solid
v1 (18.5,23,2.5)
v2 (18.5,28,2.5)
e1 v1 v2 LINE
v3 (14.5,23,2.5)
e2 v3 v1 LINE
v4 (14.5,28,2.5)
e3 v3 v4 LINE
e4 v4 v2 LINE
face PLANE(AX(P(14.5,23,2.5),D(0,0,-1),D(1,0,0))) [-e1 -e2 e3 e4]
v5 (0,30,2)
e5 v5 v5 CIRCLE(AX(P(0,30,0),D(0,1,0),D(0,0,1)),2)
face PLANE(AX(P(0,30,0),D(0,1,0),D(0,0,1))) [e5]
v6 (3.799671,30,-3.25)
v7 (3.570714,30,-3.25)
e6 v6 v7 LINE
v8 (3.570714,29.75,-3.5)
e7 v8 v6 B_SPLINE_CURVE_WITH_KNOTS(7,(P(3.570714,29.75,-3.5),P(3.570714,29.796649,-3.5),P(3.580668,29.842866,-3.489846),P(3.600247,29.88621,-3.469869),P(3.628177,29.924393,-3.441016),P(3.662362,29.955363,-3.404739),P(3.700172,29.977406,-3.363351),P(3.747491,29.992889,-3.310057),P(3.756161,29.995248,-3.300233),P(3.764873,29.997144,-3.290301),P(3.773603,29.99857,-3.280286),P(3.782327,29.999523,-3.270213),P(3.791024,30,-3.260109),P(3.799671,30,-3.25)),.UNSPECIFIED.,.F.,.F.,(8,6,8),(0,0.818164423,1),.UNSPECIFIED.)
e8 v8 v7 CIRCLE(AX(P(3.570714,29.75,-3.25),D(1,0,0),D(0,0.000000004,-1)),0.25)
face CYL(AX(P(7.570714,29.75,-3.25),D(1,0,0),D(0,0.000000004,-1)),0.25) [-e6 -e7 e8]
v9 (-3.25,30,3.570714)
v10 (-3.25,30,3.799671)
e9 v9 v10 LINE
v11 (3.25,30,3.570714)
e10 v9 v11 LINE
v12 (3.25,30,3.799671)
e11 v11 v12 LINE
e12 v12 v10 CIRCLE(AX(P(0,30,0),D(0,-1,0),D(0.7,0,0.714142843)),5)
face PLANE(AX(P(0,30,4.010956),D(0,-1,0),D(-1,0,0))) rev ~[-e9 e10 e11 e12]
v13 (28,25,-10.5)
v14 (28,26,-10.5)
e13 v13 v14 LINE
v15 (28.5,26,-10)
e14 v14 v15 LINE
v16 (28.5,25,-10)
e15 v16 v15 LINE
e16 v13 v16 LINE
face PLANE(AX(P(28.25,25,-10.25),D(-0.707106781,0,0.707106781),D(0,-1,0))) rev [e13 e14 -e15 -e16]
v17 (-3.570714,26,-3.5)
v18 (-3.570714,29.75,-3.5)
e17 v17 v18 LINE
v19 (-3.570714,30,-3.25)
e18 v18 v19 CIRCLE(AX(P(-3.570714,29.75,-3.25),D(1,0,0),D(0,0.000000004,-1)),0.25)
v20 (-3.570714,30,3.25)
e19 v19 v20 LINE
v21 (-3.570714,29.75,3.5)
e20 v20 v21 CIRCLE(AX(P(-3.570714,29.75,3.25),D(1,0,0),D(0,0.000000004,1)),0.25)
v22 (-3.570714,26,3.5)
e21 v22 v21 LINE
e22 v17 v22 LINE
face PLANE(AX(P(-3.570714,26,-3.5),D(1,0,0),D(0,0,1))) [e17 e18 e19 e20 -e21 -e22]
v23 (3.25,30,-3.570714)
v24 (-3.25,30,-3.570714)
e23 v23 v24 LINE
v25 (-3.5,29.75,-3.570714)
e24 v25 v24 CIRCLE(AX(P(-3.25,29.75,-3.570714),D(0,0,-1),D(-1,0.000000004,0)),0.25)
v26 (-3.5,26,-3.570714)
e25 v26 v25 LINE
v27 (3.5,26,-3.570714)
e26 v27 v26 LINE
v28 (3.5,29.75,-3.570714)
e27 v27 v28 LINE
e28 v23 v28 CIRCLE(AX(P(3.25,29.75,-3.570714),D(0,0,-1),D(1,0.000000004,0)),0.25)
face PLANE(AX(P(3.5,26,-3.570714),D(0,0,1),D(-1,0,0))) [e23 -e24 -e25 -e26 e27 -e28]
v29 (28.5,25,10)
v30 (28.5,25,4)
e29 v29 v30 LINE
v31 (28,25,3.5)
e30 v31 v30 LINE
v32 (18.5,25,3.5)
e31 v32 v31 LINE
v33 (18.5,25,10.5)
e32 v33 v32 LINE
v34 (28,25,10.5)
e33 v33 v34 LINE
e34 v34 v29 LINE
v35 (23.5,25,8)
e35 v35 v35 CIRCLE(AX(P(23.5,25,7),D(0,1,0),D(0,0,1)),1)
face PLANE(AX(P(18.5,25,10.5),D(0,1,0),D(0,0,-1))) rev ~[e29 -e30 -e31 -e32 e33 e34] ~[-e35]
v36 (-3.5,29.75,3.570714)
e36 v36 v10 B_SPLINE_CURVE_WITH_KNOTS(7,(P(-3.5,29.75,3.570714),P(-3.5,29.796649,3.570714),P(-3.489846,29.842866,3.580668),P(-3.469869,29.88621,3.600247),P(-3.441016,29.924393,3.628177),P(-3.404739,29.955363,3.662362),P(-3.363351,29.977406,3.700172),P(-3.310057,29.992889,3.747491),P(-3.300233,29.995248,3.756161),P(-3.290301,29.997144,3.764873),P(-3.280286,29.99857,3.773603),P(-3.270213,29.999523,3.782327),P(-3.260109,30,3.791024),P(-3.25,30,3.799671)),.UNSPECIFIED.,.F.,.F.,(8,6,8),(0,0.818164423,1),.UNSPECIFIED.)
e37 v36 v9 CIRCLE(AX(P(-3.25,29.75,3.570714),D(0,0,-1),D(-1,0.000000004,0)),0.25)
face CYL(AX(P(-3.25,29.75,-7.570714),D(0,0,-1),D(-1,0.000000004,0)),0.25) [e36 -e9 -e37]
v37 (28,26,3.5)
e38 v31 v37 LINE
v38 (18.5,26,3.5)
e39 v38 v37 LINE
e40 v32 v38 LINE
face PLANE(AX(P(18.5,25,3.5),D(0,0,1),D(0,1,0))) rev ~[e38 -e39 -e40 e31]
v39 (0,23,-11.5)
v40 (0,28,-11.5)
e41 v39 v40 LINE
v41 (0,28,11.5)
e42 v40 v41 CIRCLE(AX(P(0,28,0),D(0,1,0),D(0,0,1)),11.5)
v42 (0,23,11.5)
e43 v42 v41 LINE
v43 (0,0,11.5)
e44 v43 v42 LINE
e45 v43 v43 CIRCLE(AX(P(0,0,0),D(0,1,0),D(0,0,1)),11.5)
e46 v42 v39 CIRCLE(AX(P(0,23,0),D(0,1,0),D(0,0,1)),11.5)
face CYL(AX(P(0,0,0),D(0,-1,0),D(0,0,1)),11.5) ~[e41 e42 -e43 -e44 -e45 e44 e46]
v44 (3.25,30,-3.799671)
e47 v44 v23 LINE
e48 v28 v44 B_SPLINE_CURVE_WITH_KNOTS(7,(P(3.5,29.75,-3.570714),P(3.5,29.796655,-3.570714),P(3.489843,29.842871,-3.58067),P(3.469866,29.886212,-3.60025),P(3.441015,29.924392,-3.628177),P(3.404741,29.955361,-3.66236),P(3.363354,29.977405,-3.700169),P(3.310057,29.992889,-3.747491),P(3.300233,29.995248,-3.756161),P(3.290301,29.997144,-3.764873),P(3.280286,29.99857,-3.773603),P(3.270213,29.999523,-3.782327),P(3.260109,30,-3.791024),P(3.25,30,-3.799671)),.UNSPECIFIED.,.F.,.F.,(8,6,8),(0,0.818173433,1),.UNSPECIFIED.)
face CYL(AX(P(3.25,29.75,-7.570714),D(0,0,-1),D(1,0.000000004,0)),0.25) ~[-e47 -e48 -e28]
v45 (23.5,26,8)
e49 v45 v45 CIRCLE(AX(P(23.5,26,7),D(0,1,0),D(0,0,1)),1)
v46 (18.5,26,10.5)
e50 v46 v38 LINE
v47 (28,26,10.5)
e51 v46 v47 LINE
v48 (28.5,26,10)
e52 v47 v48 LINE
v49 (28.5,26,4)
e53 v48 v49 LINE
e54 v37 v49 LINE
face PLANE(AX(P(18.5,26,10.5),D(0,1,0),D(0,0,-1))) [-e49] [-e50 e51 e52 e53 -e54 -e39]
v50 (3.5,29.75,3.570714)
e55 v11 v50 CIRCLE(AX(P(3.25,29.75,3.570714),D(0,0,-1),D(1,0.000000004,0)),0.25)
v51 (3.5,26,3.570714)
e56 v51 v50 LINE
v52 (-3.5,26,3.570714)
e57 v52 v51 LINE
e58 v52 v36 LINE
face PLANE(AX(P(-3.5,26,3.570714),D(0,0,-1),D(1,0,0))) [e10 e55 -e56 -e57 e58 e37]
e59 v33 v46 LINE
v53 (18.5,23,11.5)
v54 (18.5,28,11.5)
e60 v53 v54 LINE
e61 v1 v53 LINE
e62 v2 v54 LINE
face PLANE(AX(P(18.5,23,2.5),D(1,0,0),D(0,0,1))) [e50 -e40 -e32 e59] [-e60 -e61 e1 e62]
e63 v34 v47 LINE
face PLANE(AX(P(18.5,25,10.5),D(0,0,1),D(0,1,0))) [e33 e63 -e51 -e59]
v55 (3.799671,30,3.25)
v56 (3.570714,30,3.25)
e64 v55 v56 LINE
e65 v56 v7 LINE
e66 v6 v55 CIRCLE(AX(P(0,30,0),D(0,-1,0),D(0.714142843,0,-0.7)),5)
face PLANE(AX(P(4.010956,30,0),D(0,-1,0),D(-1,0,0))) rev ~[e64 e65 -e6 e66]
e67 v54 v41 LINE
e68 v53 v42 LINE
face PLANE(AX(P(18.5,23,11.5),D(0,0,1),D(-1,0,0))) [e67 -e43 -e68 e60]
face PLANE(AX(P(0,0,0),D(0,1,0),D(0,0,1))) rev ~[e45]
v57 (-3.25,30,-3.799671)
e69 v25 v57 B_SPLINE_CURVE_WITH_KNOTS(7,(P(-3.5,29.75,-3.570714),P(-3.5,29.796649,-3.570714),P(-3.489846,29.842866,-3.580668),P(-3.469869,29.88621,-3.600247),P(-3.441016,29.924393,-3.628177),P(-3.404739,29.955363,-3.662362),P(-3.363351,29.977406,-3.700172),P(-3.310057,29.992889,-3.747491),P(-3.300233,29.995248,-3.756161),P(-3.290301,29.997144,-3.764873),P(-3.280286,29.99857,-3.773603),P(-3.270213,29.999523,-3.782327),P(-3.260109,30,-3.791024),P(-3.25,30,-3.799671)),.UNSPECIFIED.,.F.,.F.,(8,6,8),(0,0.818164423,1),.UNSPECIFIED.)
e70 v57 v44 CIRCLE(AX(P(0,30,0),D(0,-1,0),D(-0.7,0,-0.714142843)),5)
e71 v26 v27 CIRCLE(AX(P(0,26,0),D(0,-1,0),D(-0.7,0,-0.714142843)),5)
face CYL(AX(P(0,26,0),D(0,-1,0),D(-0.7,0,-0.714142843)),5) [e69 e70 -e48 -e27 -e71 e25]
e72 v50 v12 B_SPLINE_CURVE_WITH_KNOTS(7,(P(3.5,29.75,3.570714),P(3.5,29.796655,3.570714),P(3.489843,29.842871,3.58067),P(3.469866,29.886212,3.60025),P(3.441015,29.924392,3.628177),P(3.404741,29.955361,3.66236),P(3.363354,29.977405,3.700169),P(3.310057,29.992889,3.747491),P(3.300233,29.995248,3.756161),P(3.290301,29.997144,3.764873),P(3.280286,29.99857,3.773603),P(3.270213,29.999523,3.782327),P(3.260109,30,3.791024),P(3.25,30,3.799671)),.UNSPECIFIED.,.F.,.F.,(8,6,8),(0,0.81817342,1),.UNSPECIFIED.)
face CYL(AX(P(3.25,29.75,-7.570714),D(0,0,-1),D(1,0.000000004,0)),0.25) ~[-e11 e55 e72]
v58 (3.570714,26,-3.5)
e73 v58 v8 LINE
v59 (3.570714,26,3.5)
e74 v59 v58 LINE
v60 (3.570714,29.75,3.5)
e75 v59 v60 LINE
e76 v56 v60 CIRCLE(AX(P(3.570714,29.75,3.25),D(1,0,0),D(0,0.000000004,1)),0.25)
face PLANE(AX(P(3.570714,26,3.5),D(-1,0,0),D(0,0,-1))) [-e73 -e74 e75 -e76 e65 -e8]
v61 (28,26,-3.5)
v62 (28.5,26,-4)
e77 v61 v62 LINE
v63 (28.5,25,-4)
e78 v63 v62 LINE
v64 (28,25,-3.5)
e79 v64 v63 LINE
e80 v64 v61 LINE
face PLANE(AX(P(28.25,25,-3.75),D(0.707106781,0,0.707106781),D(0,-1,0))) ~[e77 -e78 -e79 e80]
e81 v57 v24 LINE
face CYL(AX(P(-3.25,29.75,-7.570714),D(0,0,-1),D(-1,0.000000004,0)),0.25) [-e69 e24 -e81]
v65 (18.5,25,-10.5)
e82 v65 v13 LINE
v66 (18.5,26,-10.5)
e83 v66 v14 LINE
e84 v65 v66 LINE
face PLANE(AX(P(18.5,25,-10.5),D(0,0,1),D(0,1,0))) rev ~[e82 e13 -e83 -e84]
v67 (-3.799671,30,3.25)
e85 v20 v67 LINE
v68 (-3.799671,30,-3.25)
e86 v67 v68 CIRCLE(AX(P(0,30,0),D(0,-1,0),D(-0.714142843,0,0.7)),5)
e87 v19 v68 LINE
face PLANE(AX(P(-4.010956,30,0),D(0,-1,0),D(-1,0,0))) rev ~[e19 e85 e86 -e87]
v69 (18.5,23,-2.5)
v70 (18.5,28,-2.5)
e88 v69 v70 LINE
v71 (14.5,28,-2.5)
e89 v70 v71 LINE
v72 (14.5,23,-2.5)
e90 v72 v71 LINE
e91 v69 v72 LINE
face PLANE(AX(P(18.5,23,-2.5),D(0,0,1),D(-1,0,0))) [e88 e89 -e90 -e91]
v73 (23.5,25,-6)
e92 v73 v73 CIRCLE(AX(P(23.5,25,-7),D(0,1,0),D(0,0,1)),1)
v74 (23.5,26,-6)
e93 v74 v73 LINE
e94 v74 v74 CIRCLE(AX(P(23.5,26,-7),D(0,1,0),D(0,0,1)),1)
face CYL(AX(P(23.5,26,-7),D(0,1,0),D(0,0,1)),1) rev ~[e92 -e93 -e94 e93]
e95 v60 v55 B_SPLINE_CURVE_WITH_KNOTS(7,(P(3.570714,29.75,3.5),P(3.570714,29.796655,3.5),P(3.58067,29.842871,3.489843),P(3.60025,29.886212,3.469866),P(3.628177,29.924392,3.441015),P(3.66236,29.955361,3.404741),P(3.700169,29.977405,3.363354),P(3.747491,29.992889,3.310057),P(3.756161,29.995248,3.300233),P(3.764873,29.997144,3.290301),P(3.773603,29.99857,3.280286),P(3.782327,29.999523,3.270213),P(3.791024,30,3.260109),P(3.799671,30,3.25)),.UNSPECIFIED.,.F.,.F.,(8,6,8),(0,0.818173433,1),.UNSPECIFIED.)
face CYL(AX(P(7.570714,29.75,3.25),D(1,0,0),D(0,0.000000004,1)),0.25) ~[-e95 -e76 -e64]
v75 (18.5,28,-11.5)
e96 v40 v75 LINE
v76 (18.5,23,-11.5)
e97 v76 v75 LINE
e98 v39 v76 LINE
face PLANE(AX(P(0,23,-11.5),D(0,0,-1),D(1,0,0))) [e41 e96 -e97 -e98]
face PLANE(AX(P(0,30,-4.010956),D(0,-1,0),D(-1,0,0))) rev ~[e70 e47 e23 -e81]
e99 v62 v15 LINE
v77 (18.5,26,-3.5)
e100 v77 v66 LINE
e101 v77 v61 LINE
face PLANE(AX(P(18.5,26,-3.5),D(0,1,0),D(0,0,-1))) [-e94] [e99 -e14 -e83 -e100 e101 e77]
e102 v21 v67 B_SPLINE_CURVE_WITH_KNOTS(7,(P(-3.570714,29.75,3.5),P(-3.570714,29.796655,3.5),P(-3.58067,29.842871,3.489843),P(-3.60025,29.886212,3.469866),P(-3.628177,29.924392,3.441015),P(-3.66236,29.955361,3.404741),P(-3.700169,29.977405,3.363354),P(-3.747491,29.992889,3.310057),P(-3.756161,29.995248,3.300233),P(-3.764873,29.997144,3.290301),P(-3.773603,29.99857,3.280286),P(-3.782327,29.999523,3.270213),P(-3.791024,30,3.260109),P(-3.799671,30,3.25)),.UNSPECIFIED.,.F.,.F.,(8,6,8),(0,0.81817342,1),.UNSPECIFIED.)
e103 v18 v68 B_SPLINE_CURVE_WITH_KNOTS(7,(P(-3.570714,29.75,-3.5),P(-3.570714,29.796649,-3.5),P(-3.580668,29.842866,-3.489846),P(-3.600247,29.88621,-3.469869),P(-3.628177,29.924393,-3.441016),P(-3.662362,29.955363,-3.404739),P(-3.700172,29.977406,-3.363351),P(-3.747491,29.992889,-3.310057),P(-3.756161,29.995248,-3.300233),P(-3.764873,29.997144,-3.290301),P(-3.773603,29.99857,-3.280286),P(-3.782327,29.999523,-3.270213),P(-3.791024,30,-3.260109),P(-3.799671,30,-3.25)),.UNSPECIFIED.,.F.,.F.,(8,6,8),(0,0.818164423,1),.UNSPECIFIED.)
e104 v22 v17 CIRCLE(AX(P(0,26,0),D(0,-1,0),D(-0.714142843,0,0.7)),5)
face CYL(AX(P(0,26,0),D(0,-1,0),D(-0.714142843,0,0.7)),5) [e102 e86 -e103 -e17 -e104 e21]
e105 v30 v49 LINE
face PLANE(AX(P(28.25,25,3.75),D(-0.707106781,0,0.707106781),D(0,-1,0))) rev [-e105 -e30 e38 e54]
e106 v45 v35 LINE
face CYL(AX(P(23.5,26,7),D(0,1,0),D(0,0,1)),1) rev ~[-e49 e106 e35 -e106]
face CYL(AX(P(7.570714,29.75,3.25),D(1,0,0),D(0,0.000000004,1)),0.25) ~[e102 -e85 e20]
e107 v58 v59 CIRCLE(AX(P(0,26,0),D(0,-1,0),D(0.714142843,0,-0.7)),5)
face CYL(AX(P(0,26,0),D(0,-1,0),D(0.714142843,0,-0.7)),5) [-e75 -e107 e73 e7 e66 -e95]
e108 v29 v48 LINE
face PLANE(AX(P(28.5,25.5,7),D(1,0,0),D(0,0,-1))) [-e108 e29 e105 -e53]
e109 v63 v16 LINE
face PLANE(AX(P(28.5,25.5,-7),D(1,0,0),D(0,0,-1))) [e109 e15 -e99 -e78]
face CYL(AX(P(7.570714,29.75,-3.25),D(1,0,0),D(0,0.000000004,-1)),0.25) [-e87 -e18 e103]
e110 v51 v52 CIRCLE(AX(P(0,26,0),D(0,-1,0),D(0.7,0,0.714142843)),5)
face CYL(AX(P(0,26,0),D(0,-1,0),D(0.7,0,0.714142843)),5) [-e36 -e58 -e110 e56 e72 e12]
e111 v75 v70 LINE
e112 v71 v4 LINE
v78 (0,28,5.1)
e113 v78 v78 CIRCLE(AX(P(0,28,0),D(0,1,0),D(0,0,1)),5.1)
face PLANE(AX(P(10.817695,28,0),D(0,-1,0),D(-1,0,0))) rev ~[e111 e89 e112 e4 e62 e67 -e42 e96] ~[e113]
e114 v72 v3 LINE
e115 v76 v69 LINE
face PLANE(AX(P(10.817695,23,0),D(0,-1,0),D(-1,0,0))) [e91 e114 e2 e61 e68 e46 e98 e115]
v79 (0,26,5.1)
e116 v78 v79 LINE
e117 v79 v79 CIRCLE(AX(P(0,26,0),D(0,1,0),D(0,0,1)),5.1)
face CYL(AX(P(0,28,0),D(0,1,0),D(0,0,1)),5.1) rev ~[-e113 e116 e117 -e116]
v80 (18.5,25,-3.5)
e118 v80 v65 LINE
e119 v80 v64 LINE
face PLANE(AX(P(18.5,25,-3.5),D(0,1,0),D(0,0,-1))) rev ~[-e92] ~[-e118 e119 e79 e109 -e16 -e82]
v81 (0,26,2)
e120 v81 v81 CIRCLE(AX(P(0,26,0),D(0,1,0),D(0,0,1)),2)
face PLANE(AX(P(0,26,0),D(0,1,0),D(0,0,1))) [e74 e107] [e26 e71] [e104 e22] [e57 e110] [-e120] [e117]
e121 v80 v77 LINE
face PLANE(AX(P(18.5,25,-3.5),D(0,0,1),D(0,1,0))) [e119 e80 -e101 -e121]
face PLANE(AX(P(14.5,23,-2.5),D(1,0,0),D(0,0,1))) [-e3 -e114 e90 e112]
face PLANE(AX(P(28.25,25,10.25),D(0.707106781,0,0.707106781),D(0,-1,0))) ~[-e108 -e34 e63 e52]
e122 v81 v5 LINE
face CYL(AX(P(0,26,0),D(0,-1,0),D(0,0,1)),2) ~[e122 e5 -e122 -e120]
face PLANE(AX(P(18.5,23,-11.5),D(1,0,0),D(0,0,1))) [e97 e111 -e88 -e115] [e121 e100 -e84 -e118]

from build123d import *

# Parameters (mm, degrees)
SKETCH_1_R               = 11.5
EXTRUDE_1_DEPTH          = 28
EXTRUDE_START            = -5
EXTRUDE_2_DEPTH          = 5
SKETCH_3_W               = 7
SKETCH_3_H               = 1
EXTRUDE_3_DEPTH          = 10
CHAMFER_1_SIZE           = 0.5
SKETCH_4_R               = 1
CUT_EXTRUDE_1_DEPTH      = 9
SKETCH_5_R               = 5.1
CUT_EXTRUDE_3_DEPTH      = 2
SKETCH_7_R               = 2
EXTRUDE_5_DEPTH          = 4
CUT_EXTRUDE_4_DEPTH      = 24
CUT_EXTRUDE_4_DEPTH_BACK = 4
CUT_EXTRUDE_5_DEPTH      = 24
CUT_EXTRUDE_5_DEPTH_BACK = 4


with BuildPart() as part:
    # Эскиз1 → Бобышка-Вытянуть1 (new body)
    with BuildSketch(Plane(origin=(0, 0, 0), x_dir=(1, 0, 0), z_dir=(0, 1, 0))):
        with Locations(Location((0, 0, 0), (0, 0, 270))):
            Circle(SKETCH_1_R)
    extrude(amount=EXTRUDE_1_DEPTH)

    # Эскиз2 → Бобышка-Вытянуть2 (add)
    with BuildSketch(Plane(origin=(0, 28, 0), x_dir=(1, 0, 0), z_dir=(0, 1, 0)).offset(EXTRUDE_START)):
        with BuildLine():
            Line((0, 11.5), (18.5, 11.5))
            Line((18.5, 11.5), (18.5, 2.5))
            Line((18.5, 2.5), (14.5, 2.5))
            Line((14.5, 2.5), (14.5, -2.5))
            Line((14.5, -2.5), (18.5, -2.5))
            Line((18.5, -2.5), (18.5, -11.5))
            Line((18.5, -11.5), (0, -11.5))
            ThreePointArc((0, -11.5), (11.5, 0), (0, 11.5))
        make_face()
    extrude(amount=EXTRUDE_2_DEPTH)

    # Эскиз3 → Бобышка-Вытянуть3 (add)
    with BuildSketch(Plane(origin=(18.5, 0, 0), x_dir=(0, 0, -1), z_dir=(1, 0, 0))):
        with Locations((-7, 25.5)):
            Rectangle(SKETCH_3_W, SKETCH_3_H)
        with Locations((7, 25.5)):
            Rectangle(SKETCH_3_W, SKETCH_3_H)
    extrude(amount=EXTRUDE_3_DEPTH)

    # Фаска1
    chamfer_1_edges = [part.edges().sort_by_distance(p)[0] for p in [
        (28.5, 25.5, 10.5),
        (28.5, 25.5, 3.5),
        (28.5, 25.5, -10.5),
        (28.5, 25.5, -3.5),
    ]]
    chamfer(chamfer_1_edges, length=CHAMFER_1_SIZE)

    # Эскиз4 → Вырез-Вытянуть1 (cut)
    with BuildSketch(Plane(origin=(0, 26, 0), x_dir=(1, 0, 0), z_dir=(0, 1, 0))):
        with Locations(Location((23.5, -7, 0), (0, 0, 270))):
            Circle(SKETCH_4_R)
        with Locations(Location((23.5, 7, 0), (0, 0, 270))):
            Circle(SKETCH_4_R)
    extrude(amount=-CUT_EXTRUDE_1_DEPTH, mode=Mode.SUBTRACT)

    # Эскиз5 → Вырез-Вытянуть3 (cut)
    with BuildSketch(Plane(origin=(0, 28, 0), x_dir=(1, 0, 0), z_dir=(0, 1, 0))):
        with Locations(Location((0, 0, 0), (0, 0, 270))):
            Circle(SKETCH_5_R)
    extrude(amount=-CUT_EXTRUDE_3_DEPTH, mode=Mode.SUBTRACT)

    # Эскиз7 → Бобышка-Вытянуть5 (add)
    with BuildSketch(Plane(origin=(0, 26, 0), x_dir=(1, 0, 0), z_dir=(0, 1, 0))):
        with Locations(Location((0, 0, 0), (0, 0, 270))):
            Circle(SKETCH_7_R)
        with BuildLine():
            Line((-3.570714214, 3.5), (-3.570714214, -3.5))
            ThreePointArc((-3.570714214, -3.5), (-5, 0), (-3.570714214, 3.5))
        make_face()
        with BuildLine():
            Line((3.5, 3.570714214), (-3.5, 3.570714214))
            ThreePointArc((-3.5, 3.570714214), (0, 5), (3.5, 3.570714214))
        make_face()
        with BuildLine():
            Line((3.570714214, -3.5), (3.570714214, 3.5))
            ThreePointArc((3.570714214, 3.5), (5, 0), (3.570714214, -3.5))
        make_face()
        with BuildLine():
            Line((-3.5, -3.570714214), (3.5, -3.570714214))
            ThreePointArc((3.5, -3.570714214), (0, -5), (-3.5, -3.570714214))
        make_face()
    extrude(amount=EXTRUDE_5_DEPTH)

    # Эскиз8 → Вырез-Вытянуть4 (cut, two sides: drawn at the far end of the back side and taken through both)
    with BuildSketch(Plane.ZY.offset(-3.570714214).offset(-CUT_EXTRUDE_4_DEPTH_BACK)):
        with BuildLine():
            Line((-3.5, 30), (-3.5, 29.75))
            ThreePointArc((-3.5, 29.75), (-3.426776695, 29.926776695), (-3.25, 30))
            Line((-3.25, 30), (-3.5, 30))
        make_face()
        with BuildLine():
            Line((3.25, 30), (3.5, 30))
            Line((3.5, 30), (3.5, 29.75))
            ThreePointArc((3.5, 29.75), (3.426776695, 29.926776695), (3.25, 30))
        make_face()
    extrude(amount=CUT_EXTRUDE_4_DEPTH + CUT_EXTRUDE_4_DEPTH_BACK, mode=Mode.SUBTRACT)

    # Эскиз9 → Вырез-Вытянуть5 (cut, two sides: drawn at the far end of the back side and taken through both)
    with BuildSketch(Plane.XY.offset(-3.570714214).offset(-CUT_EXTRUDE_5_DEPTH_BACK)):
        with BuildLine():
            Line((-3.5, 30), (-3.5, 29.75))
            ThreePointArc((-3.5, 29.75), (-3.426776695, 29.926776695), (-3.25, 30))
            Line((-3.25, 30), (-3.5, 30))
        make_face()
        with BuildLine():
            Line((3.25, 30), (3.5, 30))
            Line((3.5, 30), (3.5, 29.75))
            ThreePointArc((3.5, 29.75), (3.426776695, 29.926776695), (3.25, 30))
        make_face()
    extrude(amount=CUT_EXTRUDE_5_DEPTH + CUT_EXTRUDE_5_DEPTH_BACK, mode=Mode.SUBTRACT)


solid = part.part
